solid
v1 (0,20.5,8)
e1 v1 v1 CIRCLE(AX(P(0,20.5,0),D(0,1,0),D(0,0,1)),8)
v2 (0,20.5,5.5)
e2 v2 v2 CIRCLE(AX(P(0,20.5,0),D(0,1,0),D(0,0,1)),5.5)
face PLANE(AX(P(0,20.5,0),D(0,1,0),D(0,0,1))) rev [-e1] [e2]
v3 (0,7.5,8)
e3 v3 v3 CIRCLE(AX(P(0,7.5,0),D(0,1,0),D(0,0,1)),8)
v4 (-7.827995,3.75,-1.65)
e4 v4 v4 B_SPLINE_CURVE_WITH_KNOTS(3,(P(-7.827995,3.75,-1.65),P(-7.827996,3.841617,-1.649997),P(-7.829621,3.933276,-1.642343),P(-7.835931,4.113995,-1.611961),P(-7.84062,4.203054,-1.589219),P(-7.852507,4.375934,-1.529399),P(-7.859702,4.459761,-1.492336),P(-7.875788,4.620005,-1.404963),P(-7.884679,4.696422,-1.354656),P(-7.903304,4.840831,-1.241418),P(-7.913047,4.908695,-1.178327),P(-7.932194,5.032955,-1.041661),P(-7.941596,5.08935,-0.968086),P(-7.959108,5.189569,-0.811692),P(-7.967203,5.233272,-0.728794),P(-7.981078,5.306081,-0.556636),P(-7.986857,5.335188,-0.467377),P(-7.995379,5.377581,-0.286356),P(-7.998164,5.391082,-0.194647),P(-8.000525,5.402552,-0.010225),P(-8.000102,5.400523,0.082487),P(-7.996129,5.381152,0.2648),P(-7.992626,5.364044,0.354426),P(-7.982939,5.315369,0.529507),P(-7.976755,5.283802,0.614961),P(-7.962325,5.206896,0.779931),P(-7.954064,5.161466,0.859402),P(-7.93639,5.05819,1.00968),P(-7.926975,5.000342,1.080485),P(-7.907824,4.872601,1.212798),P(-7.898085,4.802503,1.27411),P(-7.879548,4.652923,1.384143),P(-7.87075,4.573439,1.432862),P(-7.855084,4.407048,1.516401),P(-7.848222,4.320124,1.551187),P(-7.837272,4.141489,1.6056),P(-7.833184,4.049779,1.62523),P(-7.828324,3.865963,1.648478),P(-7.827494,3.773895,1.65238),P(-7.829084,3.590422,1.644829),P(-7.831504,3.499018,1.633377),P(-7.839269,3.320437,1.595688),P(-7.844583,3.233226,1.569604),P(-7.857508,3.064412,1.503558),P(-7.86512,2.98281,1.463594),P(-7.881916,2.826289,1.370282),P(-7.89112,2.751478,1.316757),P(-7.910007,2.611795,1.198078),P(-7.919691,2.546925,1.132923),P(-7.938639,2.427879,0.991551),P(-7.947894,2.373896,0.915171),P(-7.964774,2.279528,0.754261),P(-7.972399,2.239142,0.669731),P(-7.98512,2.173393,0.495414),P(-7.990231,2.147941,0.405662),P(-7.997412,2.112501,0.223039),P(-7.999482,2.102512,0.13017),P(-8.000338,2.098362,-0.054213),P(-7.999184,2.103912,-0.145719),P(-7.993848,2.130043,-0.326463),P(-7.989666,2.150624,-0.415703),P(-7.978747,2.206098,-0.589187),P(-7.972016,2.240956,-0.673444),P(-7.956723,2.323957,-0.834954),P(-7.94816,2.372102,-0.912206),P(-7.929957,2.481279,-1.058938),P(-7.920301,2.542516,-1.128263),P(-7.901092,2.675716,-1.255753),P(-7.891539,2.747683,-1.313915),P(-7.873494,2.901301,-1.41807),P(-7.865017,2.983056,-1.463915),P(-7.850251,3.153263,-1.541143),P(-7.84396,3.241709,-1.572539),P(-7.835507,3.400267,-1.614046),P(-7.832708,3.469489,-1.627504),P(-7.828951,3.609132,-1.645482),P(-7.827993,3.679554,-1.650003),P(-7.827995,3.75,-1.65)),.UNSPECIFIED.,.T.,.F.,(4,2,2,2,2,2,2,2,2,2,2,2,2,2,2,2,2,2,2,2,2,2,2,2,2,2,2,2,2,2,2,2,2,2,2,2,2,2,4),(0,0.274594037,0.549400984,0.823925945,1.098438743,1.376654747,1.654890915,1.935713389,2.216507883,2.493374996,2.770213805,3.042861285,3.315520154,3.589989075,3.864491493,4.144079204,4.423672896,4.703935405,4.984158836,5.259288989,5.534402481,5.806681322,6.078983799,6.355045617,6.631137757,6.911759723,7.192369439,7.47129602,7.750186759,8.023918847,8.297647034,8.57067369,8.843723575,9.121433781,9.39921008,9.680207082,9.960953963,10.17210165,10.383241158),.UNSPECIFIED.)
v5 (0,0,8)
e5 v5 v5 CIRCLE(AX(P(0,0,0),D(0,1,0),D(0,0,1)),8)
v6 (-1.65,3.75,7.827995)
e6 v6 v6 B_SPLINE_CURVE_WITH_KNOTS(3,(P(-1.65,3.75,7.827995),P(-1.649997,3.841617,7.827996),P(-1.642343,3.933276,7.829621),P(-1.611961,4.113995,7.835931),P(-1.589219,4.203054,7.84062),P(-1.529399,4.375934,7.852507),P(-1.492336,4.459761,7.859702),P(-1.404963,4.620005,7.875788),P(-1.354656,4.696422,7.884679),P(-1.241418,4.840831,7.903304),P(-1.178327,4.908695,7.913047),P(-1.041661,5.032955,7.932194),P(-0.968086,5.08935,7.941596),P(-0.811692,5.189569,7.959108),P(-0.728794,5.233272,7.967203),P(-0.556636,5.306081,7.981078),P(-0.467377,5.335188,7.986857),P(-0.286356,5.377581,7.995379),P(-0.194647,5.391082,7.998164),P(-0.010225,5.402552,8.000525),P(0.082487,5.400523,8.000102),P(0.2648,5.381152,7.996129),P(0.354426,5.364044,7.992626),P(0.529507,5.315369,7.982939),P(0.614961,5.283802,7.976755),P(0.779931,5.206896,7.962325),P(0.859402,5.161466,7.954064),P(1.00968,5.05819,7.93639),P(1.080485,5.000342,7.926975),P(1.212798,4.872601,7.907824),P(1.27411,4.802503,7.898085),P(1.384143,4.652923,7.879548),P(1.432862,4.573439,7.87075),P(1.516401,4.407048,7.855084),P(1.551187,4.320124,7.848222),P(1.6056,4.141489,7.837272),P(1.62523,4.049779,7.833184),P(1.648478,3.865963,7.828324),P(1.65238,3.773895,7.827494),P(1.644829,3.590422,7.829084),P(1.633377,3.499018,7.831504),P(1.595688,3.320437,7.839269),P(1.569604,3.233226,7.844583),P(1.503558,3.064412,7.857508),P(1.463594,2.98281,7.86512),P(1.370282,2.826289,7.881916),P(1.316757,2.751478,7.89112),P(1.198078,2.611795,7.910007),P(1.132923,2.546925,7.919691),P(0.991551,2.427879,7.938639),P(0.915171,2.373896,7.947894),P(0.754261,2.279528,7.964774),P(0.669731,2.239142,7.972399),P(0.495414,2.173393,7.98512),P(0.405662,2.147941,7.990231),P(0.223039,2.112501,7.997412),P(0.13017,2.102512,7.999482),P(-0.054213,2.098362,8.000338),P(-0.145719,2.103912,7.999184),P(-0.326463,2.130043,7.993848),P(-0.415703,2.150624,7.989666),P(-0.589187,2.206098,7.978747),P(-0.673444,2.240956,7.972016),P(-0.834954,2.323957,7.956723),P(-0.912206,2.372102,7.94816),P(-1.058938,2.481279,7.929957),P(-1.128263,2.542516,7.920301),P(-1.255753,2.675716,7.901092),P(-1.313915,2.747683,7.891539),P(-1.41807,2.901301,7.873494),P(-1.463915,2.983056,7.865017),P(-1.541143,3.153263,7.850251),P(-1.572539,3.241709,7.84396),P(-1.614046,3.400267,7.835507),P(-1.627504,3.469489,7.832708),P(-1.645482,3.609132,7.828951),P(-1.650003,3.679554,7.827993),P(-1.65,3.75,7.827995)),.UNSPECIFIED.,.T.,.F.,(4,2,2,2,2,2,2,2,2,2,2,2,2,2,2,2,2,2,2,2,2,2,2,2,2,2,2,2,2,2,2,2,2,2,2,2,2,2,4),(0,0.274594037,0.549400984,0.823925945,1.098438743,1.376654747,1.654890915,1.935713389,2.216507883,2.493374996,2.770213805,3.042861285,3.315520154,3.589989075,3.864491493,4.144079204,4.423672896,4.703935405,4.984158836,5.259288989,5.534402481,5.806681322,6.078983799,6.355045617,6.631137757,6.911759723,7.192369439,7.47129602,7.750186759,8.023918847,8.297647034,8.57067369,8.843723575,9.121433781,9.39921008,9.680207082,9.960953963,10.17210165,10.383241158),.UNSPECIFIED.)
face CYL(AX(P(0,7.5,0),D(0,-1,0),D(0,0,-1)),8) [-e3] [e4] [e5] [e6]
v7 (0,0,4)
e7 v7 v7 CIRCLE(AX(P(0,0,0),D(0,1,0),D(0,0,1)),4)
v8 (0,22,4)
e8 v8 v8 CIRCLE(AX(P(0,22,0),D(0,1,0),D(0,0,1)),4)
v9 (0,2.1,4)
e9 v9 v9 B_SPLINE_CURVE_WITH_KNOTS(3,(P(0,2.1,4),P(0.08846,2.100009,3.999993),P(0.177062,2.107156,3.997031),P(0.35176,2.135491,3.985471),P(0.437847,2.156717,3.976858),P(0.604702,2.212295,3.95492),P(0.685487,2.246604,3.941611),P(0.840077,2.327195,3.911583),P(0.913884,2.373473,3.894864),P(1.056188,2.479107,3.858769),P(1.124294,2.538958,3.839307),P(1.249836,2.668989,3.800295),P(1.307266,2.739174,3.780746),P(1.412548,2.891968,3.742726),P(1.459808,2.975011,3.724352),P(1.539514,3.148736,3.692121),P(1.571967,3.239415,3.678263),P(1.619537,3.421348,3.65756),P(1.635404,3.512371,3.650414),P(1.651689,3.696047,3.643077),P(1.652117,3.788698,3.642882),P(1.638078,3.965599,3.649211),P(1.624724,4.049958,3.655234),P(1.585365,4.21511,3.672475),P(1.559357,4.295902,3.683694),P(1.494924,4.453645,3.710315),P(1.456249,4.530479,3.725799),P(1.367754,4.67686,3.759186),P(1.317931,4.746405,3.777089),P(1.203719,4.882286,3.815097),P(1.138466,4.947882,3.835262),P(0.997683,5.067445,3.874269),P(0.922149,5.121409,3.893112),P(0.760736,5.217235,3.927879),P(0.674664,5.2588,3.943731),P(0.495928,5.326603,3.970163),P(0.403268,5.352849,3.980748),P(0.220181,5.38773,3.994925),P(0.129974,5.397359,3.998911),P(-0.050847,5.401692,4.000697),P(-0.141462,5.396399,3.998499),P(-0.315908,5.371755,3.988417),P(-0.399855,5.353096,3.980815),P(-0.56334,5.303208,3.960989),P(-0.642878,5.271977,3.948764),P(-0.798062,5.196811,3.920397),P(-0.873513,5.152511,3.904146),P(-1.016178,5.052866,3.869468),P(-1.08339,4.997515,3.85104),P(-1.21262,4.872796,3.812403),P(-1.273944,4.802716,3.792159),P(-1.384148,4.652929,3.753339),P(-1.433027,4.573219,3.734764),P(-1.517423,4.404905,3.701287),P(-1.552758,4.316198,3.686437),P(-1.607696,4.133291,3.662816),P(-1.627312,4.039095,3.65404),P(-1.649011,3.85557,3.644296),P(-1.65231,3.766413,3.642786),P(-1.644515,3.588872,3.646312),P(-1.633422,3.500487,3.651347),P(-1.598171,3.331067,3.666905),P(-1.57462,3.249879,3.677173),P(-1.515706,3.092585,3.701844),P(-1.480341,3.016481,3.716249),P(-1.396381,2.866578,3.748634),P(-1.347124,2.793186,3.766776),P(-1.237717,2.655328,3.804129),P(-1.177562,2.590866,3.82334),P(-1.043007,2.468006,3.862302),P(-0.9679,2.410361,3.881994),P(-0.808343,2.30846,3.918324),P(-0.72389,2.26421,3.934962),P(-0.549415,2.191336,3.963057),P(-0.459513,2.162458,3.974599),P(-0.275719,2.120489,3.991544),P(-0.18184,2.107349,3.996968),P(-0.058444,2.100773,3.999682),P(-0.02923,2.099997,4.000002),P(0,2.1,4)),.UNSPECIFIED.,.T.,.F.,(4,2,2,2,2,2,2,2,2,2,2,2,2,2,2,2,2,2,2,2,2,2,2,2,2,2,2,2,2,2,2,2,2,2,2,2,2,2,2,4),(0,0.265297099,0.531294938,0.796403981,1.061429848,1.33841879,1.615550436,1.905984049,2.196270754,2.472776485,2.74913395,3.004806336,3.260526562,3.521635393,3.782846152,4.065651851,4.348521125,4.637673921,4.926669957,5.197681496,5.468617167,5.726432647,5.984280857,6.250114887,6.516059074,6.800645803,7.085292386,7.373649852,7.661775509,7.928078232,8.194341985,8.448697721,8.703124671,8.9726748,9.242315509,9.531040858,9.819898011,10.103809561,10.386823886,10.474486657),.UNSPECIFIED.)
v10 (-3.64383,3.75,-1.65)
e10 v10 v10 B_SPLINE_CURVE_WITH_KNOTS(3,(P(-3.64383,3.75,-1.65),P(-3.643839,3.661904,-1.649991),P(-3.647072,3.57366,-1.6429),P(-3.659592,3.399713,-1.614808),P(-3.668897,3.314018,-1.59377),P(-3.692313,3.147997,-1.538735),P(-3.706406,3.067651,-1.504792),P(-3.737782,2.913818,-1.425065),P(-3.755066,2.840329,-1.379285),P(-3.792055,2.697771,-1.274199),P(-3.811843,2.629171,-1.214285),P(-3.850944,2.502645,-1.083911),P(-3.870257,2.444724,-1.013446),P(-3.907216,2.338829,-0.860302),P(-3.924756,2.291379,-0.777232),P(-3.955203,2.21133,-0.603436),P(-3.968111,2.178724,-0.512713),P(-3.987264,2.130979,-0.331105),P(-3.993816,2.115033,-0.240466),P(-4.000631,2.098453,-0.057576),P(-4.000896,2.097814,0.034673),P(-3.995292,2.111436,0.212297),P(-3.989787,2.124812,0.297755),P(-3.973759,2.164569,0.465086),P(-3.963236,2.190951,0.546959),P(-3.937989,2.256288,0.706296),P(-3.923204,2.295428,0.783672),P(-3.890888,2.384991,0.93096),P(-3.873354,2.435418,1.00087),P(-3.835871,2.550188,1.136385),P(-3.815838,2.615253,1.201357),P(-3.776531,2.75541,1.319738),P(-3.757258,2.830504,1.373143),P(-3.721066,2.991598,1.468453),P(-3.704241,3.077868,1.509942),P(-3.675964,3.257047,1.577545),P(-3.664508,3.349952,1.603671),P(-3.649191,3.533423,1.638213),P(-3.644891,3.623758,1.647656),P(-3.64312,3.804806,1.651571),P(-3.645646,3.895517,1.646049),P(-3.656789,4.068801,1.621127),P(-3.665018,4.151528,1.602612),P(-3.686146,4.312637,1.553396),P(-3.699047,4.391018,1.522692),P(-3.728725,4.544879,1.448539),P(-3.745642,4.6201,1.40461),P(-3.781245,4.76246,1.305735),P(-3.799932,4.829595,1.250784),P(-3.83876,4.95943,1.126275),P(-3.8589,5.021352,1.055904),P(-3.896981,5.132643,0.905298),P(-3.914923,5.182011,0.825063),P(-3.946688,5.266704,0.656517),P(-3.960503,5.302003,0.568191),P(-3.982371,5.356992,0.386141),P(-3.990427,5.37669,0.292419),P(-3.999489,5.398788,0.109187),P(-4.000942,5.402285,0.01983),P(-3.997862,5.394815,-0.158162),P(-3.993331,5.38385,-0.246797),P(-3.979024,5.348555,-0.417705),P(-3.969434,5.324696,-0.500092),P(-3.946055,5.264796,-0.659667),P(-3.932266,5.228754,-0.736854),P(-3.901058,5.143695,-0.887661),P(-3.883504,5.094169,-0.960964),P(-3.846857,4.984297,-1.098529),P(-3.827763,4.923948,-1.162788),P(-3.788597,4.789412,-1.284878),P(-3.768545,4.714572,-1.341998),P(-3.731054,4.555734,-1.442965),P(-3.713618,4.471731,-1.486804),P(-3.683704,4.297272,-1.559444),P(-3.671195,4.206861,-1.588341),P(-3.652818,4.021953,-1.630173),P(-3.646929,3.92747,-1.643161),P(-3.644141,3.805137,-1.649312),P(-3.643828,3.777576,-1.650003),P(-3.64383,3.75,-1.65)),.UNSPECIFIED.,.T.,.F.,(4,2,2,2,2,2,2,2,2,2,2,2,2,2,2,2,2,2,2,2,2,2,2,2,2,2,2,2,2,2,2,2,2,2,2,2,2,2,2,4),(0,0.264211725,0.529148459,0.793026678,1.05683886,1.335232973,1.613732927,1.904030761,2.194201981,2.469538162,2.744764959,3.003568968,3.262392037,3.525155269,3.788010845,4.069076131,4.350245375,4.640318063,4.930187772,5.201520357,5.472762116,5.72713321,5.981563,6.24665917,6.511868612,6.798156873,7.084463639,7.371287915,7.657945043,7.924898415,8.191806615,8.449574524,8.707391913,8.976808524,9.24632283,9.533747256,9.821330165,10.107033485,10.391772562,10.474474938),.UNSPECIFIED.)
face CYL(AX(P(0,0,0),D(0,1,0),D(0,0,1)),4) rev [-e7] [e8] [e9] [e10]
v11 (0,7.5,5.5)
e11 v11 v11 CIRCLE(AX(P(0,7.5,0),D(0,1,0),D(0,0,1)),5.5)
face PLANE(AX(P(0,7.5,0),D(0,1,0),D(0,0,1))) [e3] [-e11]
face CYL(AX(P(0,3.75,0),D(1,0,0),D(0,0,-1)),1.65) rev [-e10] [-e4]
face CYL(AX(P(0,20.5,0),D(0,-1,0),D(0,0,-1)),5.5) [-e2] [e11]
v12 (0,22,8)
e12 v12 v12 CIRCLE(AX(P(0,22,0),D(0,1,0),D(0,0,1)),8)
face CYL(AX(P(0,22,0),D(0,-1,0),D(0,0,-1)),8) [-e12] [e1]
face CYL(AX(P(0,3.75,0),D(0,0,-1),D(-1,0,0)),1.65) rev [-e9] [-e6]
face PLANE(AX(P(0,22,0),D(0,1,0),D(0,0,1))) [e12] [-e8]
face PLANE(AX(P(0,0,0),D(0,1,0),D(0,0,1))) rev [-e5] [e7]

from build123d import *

# Parameters (mm, degrees)
CROQUIS1_R              = 8
SALIENTE_EXTRUIR1_DEPTH = 7.5
CROQUIS2_R              = 5.5
SALIENTE_EXTRUIR2_DEPTH = 13
CROQUIS3_R              = 8
SALIENTE_EXTRUIR3_DEPTH = 1.5
CROQUIS4_R              = 4
CORTAR_EXTRUIR1_DEPTH   = 23
CROQUIS6_W              = 1.65
CROQUIS6_H              = 8.001
MATRIZC1_COUNT          = 2
MATRIZC1_ANGLE          = 90


with BuildPart() as part:
    # Croquis1 → Saliente-Extruir1 (new body)
    with BuildSketch(Plane(origin=(0, 0, 0), x_dir=(1, 0, 0), z_dir=(0, 1, 0))):
        Circle(CROQUIS1_R)
    extrude(amount=SALIENTE_EXTRUIR1_DEPTH)

    # Croquis2 → Saliente-Extruir2 (add)
    with BuildSketch(Plane(origin=(0, 7.5, 0), x_dir=(1, 0, 0), z_dir=(0, 1, 0))):
        Circle(CROQUIS2_R)
    extrude(amount=SALIENTE_EXTRUIR2_DEPTH)

    # Croquis3 → Saliente-Extruir3 (add)
    with BuildSketch(Plane(origin=(0, 20.5, 0), x_dir=(1, 0, 0), z_dir=(0, 1, 0))):
        Circle(CROQUIS3_R)
    extrude(amount=SALIENTE_EXTRUIR3_DEPTH)

    # Croquis4 → Cortar-Extruir1 (cut, through all)
    with BuildSketch(Plane(origin=(0, 22, 0), x_dir=(1, 0, 0), z_dir=(0, 1, 0))):
        Circle(CROQUIS4_R)
    extrude(amount=-CORTAR_EXTRUIR1_DEPTH, mode=Mode.SUBTRACT)

    # Croquis6 → Taladro roscado M41 (falta definir posicio) (revolve, cut)
    with BuildSketch(Plane(origin=(0, 3.75, 0), x_dir=(0, 1, 0), z_dir=(1, 0, 0))):
        with Locations((0.825, 4.0005)):
            Rectangle(CROQUIS6_W, CROQUIS6_H)
    taladro_roscado_m41_falta_definir_posic = revolve(axis=Axis((0, 3.75, -6.35), (0, 0, 1)), mode=Mode.SUBTRACT)

    # MatrizC1: Taladro roscado M41 (falta definir posicio) ×2 about axis
    matrizc1_axis = Axis((0, 7.5, 0), (0, -1, 0))
    for i in range(1, MATRIZC1_COUNT):
        add(taladro_roscado_m41_falta_definir_posic.rotate(matrizc1_axis, i * MATRIZC1_ANGLE / (MATRIZC1_COUNT - 1)), mode=Mode.SUBTRACT)


solid = part.part
